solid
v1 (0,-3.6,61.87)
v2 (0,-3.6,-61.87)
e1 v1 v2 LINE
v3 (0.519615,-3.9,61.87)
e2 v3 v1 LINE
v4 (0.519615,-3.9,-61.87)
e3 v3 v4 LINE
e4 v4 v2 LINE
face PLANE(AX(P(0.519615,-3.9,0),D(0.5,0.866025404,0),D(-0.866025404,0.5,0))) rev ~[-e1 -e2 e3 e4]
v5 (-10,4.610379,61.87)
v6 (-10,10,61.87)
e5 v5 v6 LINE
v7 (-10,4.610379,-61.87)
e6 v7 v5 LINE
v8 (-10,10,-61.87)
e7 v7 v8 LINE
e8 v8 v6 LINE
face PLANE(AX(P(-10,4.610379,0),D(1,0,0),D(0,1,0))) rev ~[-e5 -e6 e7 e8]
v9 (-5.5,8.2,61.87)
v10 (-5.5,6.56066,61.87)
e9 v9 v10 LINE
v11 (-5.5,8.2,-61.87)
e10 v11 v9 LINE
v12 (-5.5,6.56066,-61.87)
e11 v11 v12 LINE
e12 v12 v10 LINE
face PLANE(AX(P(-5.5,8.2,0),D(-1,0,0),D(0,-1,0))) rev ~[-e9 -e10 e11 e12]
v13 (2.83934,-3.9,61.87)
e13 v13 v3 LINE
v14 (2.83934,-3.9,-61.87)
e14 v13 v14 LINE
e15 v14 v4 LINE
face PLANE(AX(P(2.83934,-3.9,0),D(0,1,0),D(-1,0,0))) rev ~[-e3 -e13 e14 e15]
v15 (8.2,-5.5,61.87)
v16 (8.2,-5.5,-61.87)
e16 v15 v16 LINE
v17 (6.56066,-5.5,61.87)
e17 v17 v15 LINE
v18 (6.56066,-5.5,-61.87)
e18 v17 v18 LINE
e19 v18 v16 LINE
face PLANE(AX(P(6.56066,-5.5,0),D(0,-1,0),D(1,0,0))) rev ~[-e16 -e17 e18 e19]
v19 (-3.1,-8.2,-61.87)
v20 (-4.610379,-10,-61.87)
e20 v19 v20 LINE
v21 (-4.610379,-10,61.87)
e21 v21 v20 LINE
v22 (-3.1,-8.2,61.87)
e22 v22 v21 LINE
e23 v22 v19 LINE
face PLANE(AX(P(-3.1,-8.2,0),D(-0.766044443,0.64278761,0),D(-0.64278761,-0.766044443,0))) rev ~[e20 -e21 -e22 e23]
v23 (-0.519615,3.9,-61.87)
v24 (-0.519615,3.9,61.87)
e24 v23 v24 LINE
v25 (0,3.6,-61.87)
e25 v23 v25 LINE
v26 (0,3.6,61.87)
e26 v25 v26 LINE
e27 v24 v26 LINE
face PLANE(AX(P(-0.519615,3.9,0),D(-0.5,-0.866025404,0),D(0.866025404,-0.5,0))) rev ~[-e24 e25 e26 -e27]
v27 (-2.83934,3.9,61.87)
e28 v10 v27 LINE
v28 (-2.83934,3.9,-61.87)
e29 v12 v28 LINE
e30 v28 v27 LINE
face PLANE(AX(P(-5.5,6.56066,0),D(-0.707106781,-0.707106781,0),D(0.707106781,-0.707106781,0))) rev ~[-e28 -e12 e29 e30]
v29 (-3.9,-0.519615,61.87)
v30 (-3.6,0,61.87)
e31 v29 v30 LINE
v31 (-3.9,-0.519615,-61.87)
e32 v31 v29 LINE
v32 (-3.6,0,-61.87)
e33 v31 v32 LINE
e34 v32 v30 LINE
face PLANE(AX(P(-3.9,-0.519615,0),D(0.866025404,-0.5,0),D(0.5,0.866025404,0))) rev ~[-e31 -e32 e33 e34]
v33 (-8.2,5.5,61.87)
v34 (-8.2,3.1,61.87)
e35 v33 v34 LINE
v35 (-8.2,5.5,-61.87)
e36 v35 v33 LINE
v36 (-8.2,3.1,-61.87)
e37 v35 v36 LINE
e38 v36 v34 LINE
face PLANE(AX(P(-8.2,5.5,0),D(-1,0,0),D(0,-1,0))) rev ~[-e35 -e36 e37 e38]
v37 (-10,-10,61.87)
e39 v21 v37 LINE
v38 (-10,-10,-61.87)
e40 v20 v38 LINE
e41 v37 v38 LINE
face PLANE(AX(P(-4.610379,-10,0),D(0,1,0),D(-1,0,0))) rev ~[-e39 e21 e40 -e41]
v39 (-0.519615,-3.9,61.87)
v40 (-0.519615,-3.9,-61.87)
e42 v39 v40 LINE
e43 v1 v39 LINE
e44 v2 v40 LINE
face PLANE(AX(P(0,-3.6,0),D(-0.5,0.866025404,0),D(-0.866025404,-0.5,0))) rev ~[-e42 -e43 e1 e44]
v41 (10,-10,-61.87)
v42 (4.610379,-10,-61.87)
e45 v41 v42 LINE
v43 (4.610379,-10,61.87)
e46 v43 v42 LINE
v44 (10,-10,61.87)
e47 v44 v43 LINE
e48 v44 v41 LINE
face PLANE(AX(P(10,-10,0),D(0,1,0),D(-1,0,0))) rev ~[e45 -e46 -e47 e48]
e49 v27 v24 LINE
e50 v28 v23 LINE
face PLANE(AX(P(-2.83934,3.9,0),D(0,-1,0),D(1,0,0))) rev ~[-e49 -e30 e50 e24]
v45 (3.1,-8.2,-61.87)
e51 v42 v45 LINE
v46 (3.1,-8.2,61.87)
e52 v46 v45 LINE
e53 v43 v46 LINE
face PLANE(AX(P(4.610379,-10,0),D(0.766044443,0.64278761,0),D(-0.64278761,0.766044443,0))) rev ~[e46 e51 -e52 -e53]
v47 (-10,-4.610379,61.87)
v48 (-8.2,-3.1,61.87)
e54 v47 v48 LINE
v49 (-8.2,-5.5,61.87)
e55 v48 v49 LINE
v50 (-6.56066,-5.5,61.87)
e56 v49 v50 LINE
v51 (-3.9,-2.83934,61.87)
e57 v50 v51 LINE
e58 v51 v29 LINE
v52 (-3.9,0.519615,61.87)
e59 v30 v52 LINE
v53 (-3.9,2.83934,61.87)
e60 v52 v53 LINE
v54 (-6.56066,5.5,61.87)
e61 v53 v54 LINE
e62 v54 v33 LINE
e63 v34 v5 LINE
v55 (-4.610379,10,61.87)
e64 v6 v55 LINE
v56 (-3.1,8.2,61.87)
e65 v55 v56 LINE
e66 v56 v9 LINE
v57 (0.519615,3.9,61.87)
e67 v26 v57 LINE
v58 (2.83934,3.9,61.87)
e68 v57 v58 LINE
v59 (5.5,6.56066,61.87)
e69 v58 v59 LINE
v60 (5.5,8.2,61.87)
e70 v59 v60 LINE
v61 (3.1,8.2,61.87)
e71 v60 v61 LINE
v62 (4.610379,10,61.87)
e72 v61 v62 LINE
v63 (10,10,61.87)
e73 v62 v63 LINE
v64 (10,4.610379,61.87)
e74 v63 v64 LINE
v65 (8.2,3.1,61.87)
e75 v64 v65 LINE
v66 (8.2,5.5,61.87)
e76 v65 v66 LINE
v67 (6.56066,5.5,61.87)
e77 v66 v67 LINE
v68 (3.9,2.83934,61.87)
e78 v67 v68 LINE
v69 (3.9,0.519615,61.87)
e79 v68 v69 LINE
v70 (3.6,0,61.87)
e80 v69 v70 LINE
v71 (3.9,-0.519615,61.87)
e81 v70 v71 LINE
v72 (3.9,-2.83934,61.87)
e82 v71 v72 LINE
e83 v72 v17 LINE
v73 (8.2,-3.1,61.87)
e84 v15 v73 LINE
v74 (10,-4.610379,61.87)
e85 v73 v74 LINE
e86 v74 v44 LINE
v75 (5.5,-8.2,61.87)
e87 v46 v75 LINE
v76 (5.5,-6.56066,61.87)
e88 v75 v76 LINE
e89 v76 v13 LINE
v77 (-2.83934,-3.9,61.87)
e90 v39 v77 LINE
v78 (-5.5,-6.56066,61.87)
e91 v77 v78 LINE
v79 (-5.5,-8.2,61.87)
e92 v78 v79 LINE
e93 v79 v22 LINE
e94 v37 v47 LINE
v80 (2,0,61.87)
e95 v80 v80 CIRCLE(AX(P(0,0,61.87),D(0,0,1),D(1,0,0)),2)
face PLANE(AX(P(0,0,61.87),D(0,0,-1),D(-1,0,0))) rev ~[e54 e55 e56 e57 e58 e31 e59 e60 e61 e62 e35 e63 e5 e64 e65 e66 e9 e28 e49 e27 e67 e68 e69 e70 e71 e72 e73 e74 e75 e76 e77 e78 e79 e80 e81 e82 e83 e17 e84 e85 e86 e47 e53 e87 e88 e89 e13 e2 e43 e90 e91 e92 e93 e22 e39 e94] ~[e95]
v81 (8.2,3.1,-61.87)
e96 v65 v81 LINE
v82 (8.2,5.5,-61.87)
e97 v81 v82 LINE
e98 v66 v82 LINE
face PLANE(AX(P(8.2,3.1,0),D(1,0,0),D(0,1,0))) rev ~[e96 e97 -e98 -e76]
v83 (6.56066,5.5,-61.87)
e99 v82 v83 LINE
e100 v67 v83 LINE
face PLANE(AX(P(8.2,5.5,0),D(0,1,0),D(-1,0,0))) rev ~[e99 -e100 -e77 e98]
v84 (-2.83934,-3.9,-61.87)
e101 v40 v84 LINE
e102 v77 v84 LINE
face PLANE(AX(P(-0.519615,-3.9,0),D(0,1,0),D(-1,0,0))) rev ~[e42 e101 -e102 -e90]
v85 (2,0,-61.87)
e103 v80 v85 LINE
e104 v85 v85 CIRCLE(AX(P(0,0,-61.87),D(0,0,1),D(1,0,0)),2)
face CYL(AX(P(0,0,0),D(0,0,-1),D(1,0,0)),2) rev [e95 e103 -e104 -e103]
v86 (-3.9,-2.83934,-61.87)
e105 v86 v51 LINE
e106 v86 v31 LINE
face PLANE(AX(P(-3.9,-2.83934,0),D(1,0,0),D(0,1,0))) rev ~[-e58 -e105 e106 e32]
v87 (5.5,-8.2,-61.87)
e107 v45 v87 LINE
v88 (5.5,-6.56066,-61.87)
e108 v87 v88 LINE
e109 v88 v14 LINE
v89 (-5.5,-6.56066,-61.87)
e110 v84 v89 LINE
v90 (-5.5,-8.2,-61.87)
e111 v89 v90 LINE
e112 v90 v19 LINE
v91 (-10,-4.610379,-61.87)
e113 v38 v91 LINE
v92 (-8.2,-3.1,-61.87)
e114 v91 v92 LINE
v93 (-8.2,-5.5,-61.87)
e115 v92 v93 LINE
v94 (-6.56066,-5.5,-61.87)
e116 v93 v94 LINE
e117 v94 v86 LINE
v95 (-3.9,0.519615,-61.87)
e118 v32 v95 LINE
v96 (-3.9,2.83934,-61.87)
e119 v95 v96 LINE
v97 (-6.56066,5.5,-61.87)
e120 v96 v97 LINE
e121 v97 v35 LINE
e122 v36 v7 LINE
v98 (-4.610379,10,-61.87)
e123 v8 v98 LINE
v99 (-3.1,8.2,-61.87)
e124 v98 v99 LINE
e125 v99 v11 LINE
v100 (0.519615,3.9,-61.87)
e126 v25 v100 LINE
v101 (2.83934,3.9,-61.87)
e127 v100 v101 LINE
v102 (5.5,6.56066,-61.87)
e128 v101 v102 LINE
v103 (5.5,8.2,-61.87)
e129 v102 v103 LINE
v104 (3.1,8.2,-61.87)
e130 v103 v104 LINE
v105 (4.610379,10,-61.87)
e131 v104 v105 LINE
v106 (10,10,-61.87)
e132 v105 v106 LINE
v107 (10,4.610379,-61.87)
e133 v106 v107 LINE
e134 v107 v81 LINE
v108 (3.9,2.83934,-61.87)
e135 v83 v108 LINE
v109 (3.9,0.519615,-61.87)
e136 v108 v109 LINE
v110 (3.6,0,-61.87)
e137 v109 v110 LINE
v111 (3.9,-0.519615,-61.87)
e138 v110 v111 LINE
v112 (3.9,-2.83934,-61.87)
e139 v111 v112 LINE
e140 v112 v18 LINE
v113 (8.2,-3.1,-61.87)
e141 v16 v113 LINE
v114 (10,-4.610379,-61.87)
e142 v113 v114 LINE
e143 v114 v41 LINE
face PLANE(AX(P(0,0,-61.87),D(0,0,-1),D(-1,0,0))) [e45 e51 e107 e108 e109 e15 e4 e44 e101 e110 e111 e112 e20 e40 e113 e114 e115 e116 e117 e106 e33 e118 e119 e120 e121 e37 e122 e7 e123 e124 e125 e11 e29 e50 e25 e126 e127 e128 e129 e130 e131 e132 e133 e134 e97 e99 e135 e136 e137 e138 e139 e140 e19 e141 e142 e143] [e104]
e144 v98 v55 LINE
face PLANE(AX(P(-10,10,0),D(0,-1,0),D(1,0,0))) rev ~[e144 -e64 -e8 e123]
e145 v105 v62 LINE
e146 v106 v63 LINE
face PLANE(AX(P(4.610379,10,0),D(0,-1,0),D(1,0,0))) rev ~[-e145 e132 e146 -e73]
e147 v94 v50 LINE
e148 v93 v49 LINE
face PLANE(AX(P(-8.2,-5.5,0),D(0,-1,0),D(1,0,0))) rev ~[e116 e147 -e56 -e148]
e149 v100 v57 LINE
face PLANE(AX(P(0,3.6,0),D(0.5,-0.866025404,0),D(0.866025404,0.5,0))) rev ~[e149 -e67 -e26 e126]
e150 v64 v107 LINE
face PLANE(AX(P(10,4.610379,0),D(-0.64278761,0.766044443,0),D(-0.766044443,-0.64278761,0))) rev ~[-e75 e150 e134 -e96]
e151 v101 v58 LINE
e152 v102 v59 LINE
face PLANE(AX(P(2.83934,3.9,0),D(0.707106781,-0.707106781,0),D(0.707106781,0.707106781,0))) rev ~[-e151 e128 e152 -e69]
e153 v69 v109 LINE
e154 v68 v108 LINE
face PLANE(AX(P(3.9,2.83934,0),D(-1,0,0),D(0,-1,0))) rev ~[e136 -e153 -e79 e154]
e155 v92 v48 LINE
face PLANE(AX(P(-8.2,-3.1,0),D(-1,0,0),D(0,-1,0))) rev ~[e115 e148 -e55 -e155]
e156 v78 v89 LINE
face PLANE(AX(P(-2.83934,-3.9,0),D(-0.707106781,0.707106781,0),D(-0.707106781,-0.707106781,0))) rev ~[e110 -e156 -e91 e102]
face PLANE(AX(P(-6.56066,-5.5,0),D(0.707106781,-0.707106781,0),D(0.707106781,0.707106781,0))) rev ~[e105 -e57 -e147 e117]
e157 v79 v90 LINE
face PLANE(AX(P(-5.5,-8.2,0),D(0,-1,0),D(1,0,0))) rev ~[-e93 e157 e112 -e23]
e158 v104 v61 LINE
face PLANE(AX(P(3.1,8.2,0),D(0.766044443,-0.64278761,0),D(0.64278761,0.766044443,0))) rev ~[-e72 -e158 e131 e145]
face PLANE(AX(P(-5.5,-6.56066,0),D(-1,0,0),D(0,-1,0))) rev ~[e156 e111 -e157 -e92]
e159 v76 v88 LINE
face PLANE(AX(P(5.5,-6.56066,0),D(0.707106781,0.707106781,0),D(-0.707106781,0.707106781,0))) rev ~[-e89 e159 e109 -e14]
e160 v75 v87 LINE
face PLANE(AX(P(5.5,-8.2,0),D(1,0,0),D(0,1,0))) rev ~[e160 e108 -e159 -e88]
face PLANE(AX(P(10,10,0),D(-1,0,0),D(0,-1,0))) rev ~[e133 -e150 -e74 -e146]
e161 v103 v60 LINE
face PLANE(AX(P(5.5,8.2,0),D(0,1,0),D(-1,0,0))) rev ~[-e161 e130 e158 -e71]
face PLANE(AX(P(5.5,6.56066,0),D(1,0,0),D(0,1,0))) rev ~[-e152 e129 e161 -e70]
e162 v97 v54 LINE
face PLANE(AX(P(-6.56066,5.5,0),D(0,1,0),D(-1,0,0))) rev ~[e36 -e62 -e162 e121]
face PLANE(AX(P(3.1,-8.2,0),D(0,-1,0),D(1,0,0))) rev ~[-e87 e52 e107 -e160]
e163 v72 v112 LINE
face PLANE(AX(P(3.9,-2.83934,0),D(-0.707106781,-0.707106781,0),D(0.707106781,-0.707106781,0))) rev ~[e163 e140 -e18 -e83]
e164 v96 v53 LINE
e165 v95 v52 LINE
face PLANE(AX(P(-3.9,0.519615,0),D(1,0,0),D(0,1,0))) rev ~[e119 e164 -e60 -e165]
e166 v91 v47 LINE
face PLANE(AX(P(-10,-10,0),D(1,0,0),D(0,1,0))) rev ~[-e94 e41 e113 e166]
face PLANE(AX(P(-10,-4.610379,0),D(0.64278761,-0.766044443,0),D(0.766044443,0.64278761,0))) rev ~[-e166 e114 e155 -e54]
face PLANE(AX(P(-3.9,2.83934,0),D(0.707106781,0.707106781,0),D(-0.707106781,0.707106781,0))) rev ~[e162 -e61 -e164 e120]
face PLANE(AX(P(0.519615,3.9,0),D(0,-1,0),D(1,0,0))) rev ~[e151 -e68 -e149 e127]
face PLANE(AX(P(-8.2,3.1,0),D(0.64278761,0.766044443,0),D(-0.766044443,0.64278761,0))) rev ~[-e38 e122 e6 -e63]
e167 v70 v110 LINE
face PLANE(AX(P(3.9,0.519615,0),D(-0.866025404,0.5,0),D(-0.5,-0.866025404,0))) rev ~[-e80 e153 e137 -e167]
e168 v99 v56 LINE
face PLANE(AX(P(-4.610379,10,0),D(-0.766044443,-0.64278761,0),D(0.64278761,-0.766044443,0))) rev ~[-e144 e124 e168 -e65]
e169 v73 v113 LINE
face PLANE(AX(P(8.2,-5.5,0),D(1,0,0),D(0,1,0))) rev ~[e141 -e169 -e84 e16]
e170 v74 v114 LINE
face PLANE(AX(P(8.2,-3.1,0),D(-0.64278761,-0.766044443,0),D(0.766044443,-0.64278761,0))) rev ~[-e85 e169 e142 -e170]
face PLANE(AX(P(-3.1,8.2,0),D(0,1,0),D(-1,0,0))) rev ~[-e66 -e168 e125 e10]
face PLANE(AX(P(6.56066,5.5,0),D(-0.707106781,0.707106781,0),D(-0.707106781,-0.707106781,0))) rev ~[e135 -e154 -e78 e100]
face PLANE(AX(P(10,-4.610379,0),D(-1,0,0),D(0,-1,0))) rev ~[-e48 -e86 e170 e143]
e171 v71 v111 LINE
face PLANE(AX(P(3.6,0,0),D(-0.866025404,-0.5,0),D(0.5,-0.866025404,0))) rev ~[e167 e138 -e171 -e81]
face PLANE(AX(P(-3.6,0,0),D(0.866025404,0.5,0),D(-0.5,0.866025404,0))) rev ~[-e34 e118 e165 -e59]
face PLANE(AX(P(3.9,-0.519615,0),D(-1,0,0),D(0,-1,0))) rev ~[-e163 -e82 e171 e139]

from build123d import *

# Parameters (mm, degrees)
SKETCH1_R           = 2
BOSS_EXTRUDE1_DEPTH = 61.87


with BuildPart() as part:
    # Sketch1 → Boss-Extrude1 (new body, symmetric)
    with BuildSketch(Plane.XY):
        Polygon((10, 10), (10, 4.610379336), (8.2, 3.1), (8.2, 5.5), (6.560660172, 5.5), (3.9, 2.839339828), (3.9, 0.519615242), (3.6, 0), (3.9, -0.519615242), (3.9, -2.839339828), (6.560660172, -5.5), (8.2, -5.5), (8.2, -3.1), (10, -4.610379336), (10, -10), (4.610379336, -10), (3.1, -8.2), (5.5, -8.2), (5.5, -6.560660172), (2.839339828, -3.9), (0.519615242, -3.9), (0, -3.6), (-0.519615242, -3.9), (-2.839339828, -3.9), (-5.5, -6.560660172), (-5.5, -8.2), (-3.1, -8.2), (-4.610379336, -10), (-10, -10), (-10, -4.610379336), (-8.2, -3.1), (-8.2, -5.5), (-6.560660172, -5.5), (-3.9, -2.839339828), (-3.9, -0.519615242), (-3.6, 0), (-3.9, 0.519615242), (-3.9, 2.839339828), (-6.560660172, 5.5), (-8.2, 5.5), (-8.2, 3.1), (-10, 4.610379336), (-10, 10), (-4.610379336, 10), (-3.1, 8.2), (-5.5, 8.2), (-5.5, 6.560660172), (-2.839339828, 3.9), (-0.519615242, 3.9), (0, 3.6), (0.519615242, 3.9), (2.839339828, 3.9), (5.5, 6.560660172), (5.5, 8.2), (3.1, 8.2), (4.610379336, 10), align=None)
        Circle(SKETCH1_R, mode=Mode.SUBTRACT)
    extrude(amount=BOSS_EXTRUDE1_DEPTH, both=True)


solid = part.part
